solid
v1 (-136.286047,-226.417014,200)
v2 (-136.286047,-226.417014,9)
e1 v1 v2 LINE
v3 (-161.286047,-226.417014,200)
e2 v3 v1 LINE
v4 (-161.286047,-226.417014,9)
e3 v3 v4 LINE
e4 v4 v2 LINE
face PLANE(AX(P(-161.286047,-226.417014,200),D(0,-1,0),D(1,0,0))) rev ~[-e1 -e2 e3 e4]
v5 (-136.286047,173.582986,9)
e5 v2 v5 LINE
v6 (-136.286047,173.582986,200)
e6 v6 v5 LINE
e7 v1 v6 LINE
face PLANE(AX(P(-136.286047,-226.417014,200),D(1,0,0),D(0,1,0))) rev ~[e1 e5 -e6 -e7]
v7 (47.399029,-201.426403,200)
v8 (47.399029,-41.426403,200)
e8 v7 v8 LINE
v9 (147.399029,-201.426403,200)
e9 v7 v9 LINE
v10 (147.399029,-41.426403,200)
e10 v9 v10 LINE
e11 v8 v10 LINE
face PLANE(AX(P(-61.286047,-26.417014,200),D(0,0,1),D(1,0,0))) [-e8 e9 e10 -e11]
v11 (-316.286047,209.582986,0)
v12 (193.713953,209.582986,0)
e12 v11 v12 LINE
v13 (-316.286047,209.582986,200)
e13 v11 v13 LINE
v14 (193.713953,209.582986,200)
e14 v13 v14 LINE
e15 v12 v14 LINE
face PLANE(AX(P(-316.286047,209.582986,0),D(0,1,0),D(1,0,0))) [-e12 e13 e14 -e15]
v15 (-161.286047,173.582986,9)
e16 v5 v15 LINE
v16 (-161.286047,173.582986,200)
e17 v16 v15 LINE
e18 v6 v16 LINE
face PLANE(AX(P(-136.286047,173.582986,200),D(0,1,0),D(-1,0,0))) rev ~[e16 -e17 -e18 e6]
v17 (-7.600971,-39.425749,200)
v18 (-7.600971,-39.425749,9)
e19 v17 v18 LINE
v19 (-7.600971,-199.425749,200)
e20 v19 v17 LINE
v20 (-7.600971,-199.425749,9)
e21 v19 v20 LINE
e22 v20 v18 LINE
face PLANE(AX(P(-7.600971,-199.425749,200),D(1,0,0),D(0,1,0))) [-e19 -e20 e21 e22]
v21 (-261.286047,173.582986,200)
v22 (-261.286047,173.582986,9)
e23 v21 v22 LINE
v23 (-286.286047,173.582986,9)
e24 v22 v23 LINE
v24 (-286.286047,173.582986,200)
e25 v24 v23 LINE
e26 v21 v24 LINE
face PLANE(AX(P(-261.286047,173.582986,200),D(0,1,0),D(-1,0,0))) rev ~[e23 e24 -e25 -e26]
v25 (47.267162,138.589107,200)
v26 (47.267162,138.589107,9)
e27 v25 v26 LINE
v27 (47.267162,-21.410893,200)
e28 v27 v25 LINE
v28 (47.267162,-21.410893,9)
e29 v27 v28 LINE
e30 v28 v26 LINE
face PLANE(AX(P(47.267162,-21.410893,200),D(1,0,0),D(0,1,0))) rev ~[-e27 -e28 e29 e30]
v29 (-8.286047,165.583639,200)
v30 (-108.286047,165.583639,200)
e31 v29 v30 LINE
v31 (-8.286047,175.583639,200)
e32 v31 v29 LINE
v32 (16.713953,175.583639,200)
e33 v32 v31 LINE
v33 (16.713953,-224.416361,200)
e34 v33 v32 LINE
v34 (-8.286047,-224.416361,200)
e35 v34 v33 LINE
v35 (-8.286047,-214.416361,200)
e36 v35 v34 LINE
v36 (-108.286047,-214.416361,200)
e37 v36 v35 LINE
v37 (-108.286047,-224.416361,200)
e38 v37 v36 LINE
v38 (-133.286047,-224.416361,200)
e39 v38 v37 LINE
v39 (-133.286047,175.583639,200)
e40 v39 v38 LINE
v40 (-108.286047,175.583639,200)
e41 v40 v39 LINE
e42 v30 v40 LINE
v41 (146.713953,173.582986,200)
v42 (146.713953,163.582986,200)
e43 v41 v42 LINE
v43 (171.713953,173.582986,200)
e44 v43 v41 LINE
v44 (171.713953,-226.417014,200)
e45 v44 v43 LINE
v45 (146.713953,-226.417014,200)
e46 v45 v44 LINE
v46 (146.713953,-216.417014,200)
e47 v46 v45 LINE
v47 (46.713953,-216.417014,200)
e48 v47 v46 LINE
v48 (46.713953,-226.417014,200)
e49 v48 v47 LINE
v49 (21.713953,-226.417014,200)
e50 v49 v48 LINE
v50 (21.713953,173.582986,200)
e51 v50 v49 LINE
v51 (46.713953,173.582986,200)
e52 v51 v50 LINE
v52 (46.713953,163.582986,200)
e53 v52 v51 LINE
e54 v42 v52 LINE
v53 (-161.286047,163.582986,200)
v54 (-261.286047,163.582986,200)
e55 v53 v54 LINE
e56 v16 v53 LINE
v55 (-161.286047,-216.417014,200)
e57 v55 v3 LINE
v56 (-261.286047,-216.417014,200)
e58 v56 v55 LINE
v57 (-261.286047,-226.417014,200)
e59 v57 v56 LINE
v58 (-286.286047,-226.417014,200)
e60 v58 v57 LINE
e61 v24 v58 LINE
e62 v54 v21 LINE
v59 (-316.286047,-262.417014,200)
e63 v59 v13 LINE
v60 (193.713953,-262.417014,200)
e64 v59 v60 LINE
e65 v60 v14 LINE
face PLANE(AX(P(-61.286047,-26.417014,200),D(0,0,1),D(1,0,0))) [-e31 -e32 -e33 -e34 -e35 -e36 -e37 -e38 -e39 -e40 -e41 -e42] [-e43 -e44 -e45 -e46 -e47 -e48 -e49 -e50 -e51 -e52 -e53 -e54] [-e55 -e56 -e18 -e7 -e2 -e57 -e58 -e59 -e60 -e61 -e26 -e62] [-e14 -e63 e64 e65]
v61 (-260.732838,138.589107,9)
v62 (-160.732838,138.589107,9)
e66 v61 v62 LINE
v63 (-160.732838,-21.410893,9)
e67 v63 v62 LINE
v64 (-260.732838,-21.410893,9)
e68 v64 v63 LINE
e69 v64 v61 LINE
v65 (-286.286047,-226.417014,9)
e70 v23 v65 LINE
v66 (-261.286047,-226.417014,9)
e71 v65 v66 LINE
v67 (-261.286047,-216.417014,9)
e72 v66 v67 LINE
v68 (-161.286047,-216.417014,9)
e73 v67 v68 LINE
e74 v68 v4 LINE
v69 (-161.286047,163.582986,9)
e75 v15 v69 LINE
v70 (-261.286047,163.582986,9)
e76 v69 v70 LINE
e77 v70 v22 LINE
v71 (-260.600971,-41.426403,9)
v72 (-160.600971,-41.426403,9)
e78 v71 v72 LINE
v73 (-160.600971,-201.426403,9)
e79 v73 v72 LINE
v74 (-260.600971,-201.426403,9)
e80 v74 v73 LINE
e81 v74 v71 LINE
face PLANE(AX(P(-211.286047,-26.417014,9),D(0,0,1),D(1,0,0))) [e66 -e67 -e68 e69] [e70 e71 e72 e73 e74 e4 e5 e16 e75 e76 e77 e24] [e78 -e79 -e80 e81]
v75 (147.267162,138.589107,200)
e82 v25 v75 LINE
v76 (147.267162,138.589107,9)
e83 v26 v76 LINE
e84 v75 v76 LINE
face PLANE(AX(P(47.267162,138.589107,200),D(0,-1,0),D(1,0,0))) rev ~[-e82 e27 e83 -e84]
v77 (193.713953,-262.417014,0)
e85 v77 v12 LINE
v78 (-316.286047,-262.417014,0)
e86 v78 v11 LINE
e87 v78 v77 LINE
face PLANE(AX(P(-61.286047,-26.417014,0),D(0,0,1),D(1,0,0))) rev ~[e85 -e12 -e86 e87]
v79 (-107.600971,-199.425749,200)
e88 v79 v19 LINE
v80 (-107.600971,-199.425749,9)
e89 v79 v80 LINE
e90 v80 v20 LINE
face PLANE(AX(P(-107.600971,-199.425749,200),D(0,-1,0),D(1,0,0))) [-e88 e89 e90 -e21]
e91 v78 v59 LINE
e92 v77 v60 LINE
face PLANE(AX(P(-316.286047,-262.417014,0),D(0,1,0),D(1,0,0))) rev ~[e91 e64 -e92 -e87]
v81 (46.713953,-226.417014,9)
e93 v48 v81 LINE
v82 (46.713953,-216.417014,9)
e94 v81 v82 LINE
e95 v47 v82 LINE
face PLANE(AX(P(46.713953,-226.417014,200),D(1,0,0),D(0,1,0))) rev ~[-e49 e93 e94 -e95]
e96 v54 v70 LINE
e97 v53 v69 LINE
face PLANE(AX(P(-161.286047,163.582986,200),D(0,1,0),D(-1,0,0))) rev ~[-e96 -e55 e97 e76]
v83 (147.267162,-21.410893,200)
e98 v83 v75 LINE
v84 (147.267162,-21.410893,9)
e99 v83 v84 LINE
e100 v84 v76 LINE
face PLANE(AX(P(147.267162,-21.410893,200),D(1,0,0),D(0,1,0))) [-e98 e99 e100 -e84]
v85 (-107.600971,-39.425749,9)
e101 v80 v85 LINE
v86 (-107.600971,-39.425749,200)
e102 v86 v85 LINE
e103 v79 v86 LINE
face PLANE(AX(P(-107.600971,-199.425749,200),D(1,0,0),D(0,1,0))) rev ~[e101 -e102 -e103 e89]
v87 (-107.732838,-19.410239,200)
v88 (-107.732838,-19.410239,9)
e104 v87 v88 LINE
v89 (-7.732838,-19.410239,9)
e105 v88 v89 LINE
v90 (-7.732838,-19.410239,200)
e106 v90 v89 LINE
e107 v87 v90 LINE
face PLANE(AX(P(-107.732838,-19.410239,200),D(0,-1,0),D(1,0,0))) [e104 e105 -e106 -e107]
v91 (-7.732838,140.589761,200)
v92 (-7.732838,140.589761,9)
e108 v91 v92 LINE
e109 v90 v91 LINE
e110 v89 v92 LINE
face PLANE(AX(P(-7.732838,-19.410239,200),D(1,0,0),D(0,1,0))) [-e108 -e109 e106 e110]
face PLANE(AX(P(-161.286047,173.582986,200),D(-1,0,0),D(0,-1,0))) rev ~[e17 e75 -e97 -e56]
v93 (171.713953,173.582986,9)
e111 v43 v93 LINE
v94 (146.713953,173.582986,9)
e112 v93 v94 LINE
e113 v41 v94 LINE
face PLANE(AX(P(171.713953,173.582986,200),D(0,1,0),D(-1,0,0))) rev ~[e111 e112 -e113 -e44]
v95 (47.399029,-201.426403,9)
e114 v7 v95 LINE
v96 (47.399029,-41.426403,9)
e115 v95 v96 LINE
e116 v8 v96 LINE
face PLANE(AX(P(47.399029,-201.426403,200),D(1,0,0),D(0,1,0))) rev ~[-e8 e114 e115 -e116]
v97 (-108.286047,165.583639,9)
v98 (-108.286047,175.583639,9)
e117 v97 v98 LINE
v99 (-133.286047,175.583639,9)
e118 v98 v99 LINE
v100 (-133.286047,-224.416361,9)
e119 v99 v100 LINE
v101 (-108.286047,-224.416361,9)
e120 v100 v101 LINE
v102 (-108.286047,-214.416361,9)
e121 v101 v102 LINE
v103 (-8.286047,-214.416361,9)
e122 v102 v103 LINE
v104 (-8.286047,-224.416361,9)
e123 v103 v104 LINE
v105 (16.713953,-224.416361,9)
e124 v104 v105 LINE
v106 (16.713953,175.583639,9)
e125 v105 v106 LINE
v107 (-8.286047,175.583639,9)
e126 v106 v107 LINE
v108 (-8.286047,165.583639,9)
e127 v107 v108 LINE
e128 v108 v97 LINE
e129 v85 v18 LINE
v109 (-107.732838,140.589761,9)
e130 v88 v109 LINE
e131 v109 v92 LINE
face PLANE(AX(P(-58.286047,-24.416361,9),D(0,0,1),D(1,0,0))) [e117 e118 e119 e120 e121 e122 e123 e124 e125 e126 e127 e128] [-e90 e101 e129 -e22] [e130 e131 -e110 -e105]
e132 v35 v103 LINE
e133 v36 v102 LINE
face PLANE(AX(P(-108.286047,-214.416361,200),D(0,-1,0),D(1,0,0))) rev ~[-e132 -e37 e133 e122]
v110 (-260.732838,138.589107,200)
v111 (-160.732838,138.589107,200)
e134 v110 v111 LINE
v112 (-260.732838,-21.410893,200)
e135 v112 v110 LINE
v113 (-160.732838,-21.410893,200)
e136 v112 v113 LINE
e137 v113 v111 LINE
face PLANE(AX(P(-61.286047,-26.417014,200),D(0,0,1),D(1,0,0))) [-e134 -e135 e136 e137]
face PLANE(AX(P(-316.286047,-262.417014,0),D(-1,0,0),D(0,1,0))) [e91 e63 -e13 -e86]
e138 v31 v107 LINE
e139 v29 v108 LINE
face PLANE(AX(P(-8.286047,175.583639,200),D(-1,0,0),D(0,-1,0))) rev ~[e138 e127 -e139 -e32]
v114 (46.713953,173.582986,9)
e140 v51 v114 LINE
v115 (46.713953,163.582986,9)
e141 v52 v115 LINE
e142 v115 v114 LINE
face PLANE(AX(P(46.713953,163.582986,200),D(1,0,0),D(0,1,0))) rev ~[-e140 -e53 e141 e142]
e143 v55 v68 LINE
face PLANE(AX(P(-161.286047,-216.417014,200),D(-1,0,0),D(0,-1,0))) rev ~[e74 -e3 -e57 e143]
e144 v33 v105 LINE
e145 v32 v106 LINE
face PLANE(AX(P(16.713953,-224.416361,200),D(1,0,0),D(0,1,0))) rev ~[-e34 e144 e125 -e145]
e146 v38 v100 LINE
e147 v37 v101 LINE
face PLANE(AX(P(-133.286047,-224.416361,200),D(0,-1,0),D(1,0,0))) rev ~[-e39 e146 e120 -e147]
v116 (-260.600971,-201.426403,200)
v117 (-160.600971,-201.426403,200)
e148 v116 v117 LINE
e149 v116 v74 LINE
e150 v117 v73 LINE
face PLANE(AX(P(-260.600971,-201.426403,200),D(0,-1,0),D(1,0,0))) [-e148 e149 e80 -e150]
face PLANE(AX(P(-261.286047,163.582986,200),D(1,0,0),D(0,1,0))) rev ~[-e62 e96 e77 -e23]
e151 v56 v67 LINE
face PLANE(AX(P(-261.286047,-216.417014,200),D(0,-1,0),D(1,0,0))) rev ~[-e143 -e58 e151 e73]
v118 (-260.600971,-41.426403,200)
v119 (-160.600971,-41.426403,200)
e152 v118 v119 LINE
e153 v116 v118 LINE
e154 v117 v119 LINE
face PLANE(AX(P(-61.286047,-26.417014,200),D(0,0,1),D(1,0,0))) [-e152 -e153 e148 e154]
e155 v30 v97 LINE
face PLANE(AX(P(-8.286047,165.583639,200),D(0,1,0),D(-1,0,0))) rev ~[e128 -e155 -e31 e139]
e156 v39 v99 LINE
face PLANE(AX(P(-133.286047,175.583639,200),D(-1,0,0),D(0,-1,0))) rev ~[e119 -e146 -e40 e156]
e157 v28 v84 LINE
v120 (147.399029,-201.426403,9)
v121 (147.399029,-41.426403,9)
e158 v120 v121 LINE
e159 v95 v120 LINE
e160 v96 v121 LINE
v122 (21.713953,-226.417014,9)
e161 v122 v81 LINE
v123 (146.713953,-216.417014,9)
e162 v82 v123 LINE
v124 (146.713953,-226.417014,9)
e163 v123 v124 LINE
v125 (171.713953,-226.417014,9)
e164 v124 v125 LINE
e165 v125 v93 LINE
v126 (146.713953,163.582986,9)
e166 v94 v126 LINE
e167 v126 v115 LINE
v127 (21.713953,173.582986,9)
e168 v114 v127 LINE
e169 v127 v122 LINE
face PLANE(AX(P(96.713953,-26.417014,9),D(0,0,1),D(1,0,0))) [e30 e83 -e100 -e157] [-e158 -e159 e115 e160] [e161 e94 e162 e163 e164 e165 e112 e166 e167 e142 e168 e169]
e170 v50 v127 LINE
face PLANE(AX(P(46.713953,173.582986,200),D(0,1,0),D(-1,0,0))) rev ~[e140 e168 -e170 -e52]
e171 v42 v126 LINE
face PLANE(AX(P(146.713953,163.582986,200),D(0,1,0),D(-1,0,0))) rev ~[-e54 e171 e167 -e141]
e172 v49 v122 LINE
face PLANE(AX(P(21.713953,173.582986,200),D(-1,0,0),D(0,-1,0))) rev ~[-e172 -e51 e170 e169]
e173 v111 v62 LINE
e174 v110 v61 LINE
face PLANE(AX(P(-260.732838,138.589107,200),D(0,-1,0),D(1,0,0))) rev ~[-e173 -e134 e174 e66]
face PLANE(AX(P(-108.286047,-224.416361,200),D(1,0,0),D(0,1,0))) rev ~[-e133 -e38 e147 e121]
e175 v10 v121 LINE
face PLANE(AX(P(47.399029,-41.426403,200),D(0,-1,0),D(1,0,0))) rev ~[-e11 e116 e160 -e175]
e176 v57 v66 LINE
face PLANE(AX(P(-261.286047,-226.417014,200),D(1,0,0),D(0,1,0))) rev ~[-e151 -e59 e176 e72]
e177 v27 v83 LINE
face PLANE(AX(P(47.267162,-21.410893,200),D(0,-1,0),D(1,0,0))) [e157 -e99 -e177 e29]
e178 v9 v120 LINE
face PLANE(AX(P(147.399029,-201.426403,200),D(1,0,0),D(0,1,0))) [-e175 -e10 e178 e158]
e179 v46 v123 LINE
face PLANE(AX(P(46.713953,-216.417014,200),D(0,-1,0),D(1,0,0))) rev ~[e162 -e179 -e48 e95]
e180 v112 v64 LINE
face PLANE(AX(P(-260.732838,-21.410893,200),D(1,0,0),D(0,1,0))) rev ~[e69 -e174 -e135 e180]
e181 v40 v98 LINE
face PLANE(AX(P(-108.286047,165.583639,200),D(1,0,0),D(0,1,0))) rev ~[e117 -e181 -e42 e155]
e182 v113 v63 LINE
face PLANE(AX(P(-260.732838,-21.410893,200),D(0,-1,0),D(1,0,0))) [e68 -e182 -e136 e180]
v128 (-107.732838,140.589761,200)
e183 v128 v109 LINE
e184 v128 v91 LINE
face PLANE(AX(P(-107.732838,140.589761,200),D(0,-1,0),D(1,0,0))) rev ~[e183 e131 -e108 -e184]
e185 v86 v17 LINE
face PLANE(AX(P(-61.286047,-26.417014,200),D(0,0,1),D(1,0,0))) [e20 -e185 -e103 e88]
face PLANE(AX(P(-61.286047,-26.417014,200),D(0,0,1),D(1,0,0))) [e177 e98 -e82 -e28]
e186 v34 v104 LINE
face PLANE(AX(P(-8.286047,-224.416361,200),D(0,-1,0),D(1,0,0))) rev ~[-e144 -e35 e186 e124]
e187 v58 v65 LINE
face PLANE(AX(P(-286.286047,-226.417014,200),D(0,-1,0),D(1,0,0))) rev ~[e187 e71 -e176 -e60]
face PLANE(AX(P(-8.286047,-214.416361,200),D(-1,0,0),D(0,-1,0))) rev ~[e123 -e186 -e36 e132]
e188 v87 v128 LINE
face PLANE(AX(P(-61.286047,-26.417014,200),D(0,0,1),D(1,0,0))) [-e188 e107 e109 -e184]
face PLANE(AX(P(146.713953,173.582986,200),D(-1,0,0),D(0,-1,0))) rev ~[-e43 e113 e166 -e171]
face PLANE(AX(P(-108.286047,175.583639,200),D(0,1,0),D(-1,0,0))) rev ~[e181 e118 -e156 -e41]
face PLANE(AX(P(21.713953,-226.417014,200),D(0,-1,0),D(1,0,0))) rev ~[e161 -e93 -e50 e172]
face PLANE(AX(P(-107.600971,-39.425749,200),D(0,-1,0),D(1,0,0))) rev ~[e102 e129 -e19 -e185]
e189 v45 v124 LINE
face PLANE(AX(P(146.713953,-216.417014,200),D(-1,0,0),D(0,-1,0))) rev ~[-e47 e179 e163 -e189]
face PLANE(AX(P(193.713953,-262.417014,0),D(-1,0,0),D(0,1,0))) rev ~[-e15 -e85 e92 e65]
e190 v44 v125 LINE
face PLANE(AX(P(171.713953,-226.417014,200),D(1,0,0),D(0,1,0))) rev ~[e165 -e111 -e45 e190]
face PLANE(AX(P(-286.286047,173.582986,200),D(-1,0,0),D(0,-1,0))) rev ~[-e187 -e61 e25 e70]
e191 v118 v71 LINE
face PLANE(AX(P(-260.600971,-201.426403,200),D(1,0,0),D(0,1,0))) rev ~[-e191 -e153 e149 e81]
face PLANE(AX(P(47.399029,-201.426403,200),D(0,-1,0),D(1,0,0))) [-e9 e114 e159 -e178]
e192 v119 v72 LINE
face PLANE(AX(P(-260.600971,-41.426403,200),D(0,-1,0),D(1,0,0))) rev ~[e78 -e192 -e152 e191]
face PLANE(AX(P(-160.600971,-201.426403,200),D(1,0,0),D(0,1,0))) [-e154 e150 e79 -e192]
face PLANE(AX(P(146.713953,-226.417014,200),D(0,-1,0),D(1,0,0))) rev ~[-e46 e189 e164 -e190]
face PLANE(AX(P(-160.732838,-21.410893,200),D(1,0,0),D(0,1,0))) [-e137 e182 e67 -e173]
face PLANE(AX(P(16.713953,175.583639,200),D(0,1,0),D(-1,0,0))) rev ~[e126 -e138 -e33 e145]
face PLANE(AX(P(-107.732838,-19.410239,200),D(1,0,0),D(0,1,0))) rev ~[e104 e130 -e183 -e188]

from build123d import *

# Parameters (mm, degrees)
F0_W     = 510
F0_H     = 472
F1_DEPTH = 200
F2_W     = 100
F2_H     = 160
F3_DEPTH = 191
F4_W     = 100
F4_H     = 160
F5_DEPTH = 191
F6_W     = 100
F6_H     = 160
F7_DEPTH = 191


with BuildPart() as f1:
    # F0 (on Top) → F1 (new body)
    with BuildSketch(Plane.XY):
        with Locations((-61.286047, -26.417014)):
            Rectangle(F0_W, F0_H)
    extrude(amount=F1_DEPTH)

    # F2 (on face) → F3 (cut)
    with BuildSketch(Plane.XY.offset(200)):
        Polygon((-261.286047, 173.582986), (-286.286047, 173.582986), (-286.286047, -226.417014), (-261.286047, -226.417014), (-261.286047, -216.417014), (-161.286047, -216.417014), (-161.286047, -226.417014), (-136.286047, -226.417014), (-136.286047, 173.582986), (-161.286047, 173.582986), (-161.286047, 163.582986), (-261.286047, 163.582986), align=None)
        with Locations((-210.600971, -121.426403)):
            Rectangle(F2_W, F2_H, mode=Mode.SUBTRACT)
        with Locations((-210.732838, 58.589107)):
            Rectangle(F2_W, F2_H, mode=Mode.SUBTRACT)
    extrude(amount=-F3_DEPTH, mode=Mode.SUBTRACT)

    # F4 (on face) → F5 (cut)
    with BuildSketch(Plane.XY.offset(200)):
        Polygon((-108.286047, 175.583639), (-133.286047, 175.583639), (-133.286047, -224.416361), (-108.286047, -224.416361), (-108.286047, -214.416361), (-8.286047, -214.416361), (-8.286047, -224.416361), (16.713953, -224.416361), (16.713953, 175.583639), (-8.286047, 175.583639), (-8.286047, 165.583639), (-108.286047, 165.583639), align=None)
        with Locations((-57.600971, -119.425749)):
            Rectangle(F4_W, F4_H, mode=Mode.SUBTRACT)
        with Locations((-57.732838, 60.589761)):
            Rectangle(F4_W, F4_H, mode=Mode.SUBTRACT)
    extrude(amount=-F5_DEPTH, mode=Mode.SUBTRACT)

    # F6 (on face) → F7 (cut)
    with BuildSketch(Plane.XY.offset(200)):
        Polygon((46.713953, 173.582986), (21.713953, 173.582986), (21.713953, -226.417014), (46.713953, -226.417014), (46.713953, -216.417014), (146.713953, -216.417014), (146.713953, -226.417014), (171.713953, -226.417014), (171.713953, 173.582986), (146.713953, 173.582986), (146.713953, 163.582986), (46.713953, 163.582986), align=None)
        with Locations((97.399029, -121.426403)):
            Rectangle(F6_W, F6_H, mode=Mode.SUBTRACT)
        with Locations((97.267162, 58.589107)):
            Rectangle(F6_W, F6_H, mode=Mode.SUBTRACT)
    extrude(amount=-F7_DEPTH, mode=Mode.SUBTRACT)


solid = f1.part
